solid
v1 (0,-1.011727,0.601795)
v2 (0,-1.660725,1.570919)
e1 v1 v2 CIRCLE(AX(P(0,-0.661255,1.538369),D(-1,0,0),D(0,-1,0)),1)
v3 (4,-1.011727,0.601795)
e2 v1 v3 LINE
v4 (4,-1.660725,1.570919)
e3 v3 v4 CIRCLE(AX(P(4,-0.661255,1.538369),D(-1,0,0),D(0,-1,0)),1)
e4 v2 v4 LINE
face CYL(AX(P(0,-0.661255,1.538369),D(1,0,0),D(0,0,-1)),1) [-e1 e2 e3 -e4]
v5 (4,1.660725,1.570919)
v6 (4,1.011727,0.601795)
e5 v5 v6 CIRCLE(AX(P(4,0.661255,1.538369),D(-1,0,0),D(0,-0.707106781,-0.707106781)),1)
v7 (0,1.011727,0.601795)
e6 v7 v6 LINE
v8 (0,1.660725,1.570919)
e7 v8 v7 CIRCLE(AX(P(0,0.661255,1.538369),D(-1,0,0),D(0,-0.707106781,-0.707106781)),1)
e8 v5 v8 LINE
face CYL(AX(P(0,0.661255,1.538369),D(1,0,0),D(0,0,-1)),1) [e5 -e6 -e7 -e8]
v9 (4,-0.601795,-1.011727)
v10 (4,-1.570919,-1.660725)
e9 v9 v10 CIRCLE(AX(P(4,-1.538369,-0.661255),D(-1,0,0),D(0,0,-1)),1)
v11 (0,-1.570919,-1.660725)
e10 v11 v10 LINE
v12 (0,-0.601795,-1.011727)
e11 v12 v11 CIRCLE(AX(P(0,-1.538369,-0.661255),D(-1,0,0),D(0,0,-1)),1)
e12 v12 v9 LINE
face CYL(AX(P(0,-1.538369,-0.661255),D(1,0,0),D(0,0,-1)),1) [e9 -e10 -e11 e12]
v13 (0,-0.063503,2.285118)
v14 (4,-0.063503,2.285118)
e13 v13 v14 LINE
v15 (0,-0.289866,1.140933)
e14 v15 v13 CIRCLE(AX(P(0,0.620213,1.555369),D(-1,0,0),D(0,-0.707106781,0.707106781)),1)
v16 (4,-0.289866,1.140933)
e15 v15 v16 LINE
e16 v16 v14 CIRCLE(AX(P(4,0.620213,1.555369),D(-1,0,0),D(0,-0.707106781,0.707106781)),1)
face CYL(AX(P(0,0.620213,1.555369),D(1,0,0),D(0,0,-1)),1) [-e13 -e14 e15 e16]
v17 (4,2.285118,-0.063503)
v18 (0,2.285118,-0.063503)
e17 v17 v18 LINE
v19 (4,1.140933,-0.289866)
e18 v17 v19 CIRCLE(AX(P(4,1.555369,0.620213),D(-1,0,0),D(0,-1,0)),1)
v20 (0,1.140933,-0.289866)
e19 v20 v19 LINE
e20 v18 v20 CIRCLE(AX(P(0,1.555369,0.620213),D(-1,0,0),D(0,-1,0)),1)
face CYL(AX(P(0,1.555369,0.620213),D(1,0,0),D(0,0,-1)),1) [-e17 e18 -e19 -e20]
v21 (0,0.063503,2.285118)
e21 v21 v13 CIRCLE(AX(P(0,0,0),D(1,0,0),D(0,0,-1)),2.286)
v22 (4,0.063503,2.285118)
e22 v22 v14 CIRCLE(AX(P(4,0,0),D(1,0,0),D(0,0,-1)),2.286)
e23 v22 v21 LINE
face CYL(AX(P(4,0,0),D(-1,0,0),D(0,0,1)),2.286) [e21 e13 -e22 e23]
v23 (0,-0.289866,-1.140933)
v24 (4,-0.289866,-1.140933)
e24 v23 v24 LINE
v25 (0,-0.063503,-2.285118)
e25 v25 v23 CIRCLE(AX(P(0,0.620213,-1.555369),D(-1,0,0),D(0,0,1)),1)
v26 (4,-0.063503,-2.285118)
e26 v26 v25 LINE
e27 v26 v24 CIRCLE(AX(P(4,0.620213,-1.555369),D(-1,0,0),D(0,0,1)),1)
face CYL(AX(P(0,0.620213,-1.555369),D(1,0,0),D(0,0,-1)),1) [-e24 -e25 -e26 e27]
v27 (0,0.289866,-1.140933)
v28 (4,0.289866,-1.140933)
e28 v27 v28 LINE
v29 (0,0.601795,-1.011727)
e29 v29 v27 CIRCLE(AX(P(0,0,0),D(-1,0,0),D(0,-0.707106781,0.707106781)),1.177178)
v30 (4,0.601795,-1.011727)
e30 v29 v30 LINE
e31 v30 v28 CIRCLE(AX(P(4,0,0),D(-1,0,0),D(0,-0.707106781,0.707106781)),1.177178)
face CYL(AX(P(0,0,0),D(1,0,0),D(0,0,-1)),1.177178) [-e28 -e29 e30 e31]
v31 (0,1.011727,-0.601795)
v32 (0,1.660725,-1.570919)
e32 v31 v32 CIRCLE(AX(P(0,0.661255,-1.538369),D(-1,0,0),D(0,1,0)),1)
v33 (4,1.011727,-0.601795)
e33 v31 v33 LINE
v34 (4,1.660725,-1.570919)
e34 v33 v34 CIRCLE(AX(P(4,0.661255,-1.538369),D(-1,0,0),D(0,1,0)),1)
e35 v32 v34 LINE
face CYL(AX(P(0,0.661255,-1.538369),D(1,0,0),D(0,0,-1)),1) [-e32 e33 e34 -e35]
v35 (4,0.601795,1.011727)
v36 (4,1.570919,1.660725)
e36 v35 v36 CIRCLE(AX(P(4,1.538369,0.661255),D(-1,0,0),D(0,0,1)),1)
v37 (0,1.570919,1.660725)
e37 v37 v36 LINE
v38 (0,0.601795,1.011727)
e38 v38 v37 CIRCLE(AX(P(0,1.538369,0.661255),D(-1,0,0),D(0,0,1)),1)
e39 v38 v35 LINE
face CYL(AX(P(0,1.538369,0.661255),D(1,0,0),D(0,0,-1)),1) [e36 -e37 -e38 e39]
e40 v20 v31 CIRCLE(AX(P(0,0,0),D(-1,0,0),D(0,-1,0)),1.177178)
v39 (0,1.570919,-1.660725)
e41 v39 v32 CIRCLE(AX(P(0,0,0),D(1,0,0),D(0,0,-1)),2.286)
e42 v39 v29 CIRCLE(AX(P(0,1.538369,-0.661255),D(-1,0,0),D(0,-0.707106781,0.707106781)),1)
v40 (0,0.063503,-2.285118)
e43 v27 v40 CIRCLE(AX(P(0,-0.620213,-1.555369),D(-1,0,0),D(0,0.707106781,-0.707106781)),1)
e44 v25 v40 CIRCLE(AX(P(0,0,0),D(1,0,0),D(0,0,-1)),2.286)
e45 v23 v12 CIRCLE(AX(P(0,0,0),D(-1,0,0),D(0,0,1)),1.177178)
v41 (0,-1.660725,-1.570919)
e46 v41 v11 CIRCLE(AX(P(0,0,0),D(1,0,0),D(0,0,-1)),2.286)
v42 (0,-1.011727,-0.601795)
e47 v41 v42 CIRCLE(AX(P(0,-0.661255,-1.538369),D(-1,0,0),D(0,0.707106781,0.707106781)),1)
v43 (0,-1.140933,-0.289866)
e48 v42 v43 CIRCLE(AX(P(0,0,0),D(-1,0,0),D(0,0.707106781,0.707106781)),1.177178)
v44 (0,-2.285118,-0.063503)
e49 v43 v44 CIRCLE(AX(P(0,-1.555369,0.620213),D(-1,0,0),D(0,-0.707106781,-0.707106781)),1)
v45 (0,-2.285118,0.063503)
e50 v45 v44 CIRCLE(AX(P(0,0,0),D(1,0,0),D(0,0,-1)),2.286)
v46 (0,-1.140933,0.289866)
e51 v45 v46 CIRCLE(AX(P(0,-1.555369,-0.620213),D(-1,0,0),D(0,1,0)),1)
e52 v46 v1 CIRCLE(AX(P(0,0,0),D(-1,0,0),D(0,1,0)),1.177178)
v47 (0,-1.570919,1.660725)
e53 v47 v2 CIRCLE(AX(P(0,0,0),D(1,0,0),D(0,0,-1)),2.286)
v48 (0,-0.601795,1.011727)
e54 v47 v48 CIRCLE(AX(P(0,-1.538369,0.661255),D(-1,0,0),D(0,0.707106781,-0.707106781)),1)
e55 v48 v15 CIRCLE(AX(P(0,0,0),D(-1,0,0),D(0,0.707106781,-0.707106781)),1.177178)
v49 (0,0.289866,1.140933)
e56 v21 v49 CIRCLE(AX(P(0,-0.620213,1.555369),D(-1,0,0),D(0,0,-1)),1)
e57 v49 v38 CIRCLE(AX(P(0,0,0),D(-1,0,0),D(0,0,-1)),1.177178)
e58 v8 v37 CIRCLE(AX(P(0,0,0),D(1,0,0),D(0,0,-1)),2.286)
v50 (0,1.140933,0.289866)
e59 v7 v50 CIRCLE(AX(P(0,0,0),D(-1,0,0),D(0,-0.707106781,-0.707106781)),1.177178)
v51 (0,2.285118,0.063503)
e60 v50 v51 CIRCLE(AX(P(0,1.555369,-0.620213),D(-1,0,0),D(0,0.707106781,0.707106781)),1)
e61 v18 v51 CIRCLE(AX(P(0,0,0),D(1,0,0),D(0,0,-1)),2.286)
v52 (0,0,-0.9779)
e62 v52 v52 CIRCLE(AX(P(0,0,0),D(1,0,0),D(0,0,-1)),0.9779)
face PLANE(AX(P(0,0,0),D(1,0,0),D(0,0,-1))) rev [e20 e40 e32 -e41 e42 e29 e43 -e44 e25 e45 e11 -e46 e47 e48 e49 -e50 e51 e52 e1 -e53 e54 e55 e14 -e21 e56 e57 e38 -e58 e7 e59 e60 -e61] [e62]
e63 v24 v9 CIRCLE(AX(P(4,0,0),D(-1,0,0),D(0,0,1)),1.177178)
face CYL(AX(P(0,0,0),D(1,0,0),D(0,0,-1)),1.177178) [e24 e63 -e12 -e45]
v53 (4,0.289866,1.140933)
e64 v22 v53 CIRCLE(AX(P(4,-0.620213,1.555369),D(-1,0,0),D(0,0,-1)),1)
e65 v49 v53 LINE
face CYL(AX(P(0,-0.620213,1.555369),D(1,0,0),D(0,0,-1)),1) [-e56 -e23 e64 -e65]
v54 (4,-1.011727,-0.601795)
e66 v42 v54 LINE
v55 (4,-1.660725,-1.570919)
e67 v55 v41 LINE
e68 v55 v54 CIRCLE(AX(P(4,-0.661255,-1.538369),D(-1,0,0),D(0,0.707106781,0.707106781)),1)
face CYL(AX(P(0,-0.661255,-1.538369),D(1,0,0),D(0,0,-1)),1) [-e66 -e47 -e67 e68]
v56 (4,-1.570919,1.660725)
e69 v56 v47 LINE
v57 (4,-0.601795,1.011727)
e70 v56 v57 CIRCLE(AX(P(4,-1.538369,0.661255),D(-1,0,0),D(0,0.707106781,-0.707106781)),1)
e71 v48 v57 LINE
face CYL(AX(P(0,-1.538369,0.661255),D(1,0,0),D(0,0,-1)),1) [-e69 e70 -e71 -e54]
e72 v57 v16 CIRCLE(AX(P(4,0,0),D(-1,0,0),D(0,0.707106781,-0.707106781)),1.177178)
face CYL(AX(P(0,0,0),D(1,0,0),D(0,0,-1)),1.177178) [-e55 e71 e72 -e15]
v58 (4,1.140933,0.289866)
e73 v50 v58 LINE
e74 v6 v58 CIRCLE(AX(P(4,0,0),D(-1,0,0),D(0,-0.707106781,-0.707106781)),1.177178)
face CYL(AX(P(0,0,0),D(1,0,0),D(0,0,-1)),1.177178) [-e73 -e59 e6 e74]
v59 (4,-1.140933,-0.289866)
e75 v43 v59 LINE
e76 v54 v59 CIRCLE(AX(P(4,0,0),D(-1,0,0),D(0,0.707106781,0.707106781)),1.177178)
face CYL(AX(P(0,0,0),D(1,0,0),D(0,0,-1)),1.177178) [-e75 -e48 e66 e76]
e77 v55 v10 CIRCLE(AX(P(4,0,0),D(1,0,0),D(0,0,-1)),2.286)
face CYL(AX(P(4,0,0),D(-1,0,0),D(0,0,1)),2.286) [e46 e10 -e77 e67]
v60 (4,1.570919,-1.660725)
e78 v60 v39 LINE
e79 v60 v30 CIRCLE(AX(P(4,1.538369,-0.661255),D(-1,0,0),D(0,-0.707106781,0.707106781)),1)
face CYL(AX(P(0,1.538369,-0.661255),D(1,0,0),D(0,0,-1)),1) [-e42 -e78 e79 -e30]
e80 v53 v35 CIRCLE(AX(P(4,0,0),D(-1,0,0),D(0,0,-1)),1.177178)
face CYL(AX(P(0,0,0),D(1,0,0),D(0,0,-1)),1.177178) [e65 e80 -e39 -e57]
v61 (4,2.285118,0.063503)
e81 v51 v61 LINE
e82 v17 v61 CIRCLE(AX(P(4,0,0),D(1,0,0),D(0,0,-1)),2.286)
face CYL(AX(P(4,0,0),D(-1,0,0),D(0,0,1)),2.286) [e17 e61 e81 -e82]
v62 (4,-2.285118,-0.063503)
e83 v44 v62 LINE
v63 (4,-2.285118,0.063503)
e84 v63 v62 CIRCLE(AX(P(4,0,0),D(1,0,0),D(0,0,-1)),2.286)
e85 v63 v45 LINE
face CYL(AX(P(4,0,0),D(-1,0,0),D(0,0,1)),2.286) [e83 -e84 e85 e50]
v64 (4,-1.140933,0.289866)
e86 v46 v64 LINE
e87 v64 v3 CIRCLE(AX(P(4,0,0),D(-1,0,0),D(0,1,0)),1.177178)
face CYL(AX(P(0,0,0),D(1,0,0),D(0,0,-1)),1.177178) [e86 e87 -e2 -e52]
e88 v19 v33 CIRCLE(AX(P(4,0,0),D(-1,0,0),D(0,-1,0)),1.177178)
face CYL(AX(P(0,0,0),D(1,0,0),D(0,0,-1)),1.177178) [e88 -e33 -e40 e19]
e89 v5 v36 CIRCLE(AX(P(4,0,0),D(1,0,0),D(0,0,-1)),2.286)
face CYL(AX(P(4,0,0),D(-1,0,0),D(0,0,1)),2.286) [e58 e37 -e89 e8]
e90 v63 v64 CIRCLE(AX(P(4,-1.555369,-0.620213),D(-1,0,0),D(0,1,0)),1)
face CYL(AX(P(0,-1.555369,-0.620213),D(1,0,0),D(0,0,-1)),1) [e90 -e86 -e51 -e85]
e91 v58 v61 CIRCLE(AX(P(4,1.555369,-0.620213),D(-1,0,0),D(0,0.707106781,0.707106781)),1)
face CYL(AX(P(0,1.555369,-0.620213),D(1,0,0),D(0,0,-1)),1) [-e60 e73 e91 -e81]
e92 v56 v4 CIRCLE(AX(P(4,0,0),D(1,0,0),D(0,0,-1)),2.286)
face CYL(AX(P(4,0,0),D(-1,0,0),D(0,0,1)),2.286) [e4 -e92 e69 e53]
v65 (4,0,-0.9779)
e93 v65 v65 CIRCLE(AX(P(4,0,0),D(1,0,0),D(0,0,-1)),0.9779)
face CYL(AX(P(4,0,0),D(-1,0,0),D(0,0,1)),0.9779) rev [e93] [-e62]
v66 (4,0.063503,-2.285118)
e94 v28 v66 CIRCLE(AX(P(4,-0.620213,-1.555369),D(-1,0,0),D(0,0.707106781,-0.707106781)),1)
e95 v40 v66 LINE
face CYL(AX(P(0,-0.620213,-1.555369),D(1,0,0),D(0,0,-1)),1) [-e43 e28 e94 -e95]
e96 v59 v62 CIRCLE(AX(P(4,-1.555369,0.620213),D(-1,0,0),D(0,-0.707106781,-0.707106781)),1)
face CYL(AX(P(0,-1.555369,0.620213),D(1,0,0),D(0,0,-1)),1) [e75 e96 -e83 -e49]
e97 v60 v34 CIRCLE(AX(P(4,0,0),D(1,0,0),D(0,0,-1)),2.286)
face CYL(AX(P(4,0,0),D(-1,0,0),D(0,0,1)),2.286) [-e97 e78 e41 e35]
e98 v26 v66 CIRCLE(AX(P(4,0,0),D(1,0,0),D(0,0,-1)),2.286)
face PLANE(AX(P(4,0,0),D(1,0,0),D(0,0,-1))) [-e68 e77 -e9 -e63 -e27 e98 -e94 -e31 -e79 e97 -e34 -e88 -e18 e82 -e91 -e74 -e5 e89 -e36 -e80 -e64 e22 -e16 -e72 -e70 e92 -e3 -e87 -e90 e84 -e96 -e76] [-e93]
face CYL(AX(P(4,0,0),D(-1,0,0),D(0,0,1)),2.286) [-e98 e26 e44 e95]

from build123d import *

# Parameters (mm, degrees)
SKETCH1_R           = 2.286
SKETCH1_R_2         = 0.9779
BOSS_EXTRUDE1_DEPTH = 4
CUT_EXTRUDE1_DEPTH  = 5
CIRPATTERN1_COUNT   = 8


with BuildPart() as part:
    # Sketch1 → Boss-Extrude1 (new body)
    with BuildSketch(Plane(origin=(0, 0, 0), x_dir=(0, 0, -1), z_dir=(1, 0, 0))):
        Circle(SKETCH1_R)
        Circle(SKETCH1_R_2, mode=Mode.SUBTRACT)
    extrude(amount=BOSS_EXTRUDE1_DEPTH)

    # Sketch2 → Cut-Extrude1 (cut, through all)
    with BuildSketch(Plane(origin=(4, 0, 0), x_dir=(0, 0, -1), z_dir=(1, 0, 0))):
        with BuildLine():
            ThreePointArc((-1.140932588, 0.28986551), (-1.825366269, 0.342648296), (-2.382567636, -0.058303225))
            ThreePointArc((-2.382567636, -0.058303225), (-2.201864435, 0.912042112), (-1.643503126, 1.725956338))
            ThreePointArc((-1.643503126, 1.725956338), (-1.5330178, 1.048439933), (-1.011727037, 0.601795302))
            ThreePointArc((-1.011727037, 0.601795302), (-1.087571108, 0.450486703), (-1.140932588, 0.28986551))
        make_face()
    cut_extrude1 = extrude(amount=-CUT_EXTRUDE1_DEPTH, mode=Mode.SUBTRACT)

    # CirPattern1: Cut-Extrude1 ×8 about axis
    cirpattern1_axis = Axis((0, 0, 0), (1, 0, 0))
    for i in range(1, CIRPATTERN1_COUNT):
        add(cut_extrude1.rotate(cirpattern1_axis, i * 360 / CIRPATTERN1_COUNT), mode=Mode.SUBTRACT)


solid = part.part
